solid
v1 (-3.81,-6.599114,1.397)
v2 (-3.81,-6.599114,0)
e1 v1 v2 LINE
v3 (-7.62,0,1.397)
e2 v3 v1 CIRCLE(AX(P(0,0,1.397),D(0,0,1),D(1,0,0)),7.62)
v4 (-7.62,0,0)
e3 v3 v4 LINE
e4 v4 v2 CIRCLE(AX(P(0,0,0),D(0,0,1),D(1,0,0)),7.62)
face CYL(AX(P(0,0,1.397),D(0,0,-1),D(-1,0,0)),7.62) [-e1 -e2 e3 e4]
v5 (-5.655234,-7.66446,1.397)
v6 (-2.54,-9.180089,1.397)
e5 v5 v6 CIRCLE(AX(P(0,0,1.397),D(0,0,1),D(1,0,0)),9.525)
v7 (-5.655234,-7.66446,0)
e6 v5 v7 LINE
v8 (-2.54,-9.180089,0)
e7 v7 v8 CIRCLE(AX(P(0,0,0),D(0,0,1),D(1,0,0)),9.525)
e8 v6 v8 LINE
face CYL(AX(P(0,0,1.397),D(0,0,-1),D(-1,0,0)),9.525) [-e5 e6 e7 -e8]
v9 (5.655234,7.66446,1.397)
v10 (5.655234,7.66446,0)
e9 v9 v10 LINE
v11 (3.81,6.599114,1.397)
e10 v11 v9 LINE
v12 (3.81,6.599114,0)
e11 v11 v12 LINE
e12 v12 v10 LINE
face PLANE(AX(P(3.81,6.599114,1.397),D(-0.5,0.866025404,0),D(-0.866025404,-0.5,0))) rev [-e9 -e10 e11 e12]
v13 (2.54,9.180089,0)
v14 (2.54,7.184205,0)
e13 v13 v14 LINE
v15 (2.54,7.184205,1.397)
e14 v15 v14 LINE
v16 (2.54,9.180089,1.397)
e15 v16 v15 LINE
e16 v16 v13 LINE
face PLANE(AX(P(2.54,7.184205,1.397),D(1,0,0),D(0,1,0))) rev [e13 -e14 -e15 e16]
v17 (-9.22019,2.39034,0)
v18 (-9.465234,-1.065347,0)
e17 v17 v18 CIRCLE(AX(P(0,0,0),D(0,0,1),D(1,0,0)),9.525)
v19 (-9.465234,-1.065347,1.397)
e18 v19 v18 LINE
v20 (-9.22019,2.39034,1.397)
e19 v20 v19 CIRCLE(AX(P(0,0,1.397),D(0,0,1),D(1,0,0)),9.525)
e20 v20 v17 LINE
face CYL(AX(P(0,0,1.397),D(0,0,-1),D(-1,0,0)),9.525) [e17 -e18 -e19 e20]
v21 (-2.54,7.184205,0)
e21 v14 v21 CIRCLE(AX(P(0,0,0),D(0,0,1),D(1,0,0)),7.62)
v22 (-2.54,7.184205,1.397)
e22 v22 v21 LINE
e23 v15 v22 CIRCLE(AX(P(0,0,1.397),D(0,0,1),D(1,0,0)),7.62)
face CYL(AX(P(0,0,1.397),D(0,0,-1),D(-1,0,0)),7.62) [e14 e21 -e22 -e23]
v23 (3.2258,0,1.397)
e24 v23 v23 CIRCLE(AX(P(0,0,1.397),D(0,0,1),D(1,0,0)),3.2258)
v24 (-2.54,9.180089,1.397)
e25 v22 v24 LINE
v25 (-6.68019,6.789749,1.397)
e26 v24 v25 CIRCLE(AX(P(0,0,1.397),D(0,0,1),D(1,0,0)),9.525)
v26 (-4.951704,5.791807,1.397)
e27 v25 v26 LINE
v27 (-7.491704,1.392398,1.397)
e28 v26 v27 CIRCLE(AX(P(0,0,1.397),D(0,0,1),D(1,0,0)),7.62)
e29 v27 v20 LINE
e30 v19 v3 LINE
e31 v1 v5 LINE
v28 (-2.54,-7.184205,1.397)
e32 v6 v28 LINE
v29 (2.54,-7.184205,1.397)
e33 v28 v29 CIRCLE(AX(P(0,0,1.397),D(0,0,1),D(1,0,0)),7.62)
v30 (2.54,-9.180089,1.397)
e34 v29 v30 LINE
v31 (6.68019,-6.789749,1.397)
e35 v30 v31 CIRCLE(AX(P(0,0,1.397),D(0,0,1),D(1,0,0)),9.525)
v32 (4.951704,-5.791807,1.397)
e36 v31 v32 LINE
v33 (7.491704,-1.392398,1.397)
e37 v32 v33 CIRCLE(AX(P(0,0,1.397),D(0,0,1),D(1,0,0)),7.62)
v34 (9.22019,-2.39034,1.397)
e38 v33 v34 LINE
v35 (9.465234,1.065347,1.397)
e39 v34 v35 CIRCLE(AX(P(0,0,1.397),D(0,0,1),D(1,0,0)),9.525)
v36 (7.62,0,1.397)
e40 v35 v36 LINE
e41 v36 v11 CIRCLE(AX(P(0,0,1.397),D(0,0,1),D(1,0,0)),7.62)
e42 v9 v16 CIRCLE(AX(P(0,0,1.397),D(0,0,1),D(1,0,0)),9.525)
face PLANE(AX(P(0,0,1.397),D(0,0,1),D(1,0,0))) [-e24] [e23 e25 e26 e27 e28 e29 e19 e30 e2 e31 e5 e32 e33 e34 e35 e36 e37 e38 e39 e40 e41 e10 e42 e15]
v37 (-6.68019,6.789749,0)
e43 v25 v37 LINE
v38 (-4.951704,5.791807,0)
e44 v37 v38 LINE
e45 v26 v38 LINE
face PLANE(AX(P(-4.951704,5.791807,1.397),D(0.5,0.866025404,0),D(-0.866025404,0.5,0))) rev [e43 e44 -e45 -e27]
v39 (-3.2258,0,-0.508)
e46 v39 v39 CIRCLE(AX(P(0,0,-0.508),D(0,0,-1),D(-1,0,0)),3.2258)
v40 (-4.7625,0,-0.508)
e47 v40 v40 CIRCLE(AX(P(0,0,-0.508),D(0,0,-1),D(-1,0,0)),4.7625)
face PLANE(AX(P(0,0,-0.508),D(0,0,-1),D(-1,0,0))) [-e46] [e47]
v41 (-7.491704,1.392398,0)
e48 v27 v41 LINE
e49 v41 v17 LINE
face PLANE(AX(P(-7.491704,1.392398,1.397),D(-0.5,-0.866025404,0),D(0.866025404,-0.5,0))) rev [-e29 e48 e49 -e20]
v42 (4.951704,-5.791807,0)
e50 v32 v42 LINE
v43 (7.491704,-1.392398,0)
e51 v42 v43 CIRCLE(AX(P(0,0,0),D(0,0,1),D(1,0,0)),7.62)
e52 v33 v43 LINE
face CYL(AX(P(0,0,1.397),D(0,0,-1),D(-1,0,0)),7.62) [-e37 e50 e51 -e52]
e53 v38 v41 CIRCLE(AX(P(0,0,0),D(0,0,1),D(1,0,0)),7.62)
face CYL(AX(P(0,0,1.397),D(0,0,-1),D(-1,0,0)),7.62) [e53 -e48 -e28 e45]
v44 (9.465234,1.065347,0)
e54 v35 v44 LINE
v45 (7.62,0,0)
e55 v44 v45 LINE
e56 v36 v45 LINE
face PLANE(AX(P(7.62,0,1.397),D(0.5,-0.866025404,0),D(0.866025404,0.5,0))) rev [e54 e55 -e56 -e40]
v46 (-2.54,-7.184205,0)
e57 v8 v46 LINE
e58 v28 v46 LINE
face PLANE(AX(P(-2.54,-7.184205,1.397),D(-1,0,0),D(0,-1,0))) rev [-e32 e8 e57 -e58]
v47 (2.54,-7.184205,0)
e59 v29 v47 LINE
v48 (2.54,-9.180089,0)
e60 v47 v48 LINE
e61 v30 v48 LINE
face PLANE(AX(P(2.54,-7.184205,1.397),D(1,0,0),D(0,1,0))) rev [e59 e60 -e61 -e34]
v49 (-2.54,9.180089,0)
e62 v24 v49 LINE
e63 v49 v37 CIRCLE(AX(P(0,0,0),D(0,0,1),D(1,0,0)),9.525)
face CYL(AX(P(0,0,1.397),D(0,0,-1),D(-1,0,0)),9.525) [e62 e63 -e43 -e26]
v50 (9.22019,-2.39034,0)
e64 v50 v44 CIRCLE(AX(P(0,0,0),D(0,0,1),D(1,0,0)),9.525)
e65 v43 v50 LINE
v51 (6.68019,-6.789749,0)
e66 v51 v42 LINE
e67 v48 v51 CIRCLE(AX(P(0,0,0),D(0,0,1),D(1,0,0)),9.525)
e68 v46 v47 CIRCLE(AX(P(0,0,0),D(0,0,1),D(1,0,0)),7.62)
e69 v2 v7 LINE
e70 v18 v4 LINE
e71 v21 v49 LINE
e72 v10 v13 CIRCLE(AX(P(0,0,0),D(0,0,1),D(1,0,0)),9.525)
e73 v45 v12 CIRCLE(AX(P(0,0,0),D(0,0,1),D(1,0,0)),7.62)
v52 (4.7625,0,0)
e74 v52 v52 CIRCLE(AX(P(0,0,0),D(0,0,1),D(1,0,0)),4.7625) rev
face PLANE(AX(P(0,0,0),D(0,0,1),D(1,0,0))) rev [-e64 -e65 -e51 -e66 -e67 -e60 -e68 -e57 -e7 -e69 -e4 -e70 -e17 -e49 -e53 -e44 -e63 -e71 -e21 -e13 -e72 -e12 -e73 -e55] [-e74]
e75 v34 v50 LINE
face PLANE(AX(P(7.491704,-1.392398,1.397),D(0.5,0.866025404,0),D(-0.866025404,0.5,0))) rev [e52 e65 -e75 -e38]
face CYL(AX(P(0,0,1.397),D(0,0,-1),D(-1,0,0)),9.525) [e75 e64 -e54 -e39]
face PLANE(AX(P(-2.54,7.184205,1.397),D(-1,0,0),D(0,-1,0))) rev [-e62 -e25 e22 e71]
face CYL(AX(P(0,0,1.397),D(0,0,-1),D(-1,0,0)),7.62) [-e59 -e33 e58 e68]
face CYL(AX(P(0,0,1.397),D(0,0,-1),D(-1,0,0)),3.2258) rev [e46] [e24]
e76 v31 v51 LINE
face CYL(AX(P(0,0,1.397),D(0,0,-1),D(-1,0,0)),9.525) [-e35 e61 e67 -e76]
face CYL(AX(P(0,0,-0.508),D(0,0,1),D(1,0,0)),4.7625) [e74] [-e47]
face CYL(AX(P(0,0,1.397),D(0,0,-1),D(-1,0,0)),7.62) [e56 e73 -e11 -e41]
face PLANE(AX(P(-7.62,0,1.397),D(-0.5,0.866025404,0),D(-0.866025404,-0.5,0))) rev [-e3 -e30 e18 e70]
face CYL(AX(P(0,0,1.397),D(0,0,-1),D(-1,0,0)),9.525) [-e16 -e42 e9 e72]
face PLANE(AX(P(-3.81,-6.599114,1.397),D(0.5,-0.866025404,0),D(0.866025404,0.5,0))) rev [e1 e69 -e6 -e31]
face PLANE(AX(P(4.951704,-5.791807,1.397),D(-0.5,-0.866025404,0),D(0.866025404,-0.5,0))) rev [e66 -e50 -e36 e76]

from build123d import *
from build123d.topology import SkipClean

# Parameters (mm, degrees)
SKETCH1_R      = 3.2258
EXTRUDE1_DEPTH = 1.397
EXTRUDE2_START = 0.508
SKETCH2_R      = 4.7625
SKETCH2_R_2    = 3.2258
EXTRUDE2_DEPTH = 0.508


with BuildPart() as part:
    # Sketch1 → Extrude1 (new body)
    with BuildSketch(Plane.XY):
        with BuildLine():
            Line((-7.491703947, 1.392397923), (-9.220189856, 2.390339728))
            ThreePointArc((-9.220189856, 2.390339728), (-9.501142646, 0.673730975), (-9.465234371, -1.065346561))
            Line((-9.465234371, -1.065346561), (-7.62, 0))
            ThreePointArc((-7.62, 0), (-6.599113577, -3.81), (-3.81, -6.599113577))
            Line((-3.81, -6.599113577), (-5.655234371, -7.664460138))
            ThreePointArc((-5.655234371, -7.664460138), (-4.167103183, -8.565096384), (-2.54, -9.180088507))
            Line((-2.54, -9.180088507), (-2.54, -7.184204897))
            ThreePointArc((-2.54, -7.184204897), (0, -7.62), (2.54, -7.184204897))
            Line((2.54, -7.184204897), (2.54, -9.180088507))
            ThreePointArc((2.54, -9.180088507), (4.7625, -8.248891971), (6.680189856, -6.789748779))
            Line((6.680189856, -6.789748779), (4.951703947, -5.791806974))
            ThreePointArc((4.951703947, -5.791806974), (6.599113577, -3.81), (7.491703947, -1.392397923))
            Line((7.491703947, -1.392397923), (9.220189856, -2.390339728))
            ThreePointArc((9.220189856, -2.390339728), (9.501142646, -0.673730975), (9.465234371, 1.065346561))
            Line((9.465234371, 1.065346561), (7.62, 0))
            ThreePointArc((7.62, 0), (6.599113577, 3.81), (3.81, 6.599113577))
            Line((3.81, 6.599113577), (5.655234371, 7.664460138))
            ThreePointArc((5.655234371, 7.664460138), (4.167103183, 8.565096384), (2.54, 9.180088507))
            Line((2.54, 9.180088507), (2.54, 7.184204897))
            ThreePointArc((2.54, 7.184204897), (0, 7.62), (-2.54, 7.184204897))
            Line((-2.54, 7.184204897), (-2.54, 9.180088507))
            ThreePointArc((-2.54, 9.180088507), (-4.7625, 8.248891971), (-6.680189856, 6.789748779))
            Line((-6.680189856, 6.789748779), (-4.951703947, 5.791806974))
            ThreePointArc((-4.951703947, 5.791806974), (-6.599113577, 3.81), (-7.491703947, 1.392397923))
        make_face()
        Circle(SKETCH1_R, mode=Mode.SUBTRACT)
    extrude(amount=EXTRUDE1_DEPTH)

    # Sketch2 → Extrude2 (add)
    with SkipClean():  # the faces are left unmerged after this step: merging them gives an invalid solid
        with BuildSketch(Plane(origin=(0, 0, 0), x_dir=(-1, 0, 0), z_dir=(0, 0, -1)).offset(EXTRUDE2_START)):
            with Locations(Location((0, 0, 0), (0, 0, 180))):
                Circle(SKETCH2_R)
            Circle(SKETCH2_R_2, mode=Mode.SUBTRACT)
        extrude(amount=-EXTRUDE2_DEPTH)


solid = part.part
